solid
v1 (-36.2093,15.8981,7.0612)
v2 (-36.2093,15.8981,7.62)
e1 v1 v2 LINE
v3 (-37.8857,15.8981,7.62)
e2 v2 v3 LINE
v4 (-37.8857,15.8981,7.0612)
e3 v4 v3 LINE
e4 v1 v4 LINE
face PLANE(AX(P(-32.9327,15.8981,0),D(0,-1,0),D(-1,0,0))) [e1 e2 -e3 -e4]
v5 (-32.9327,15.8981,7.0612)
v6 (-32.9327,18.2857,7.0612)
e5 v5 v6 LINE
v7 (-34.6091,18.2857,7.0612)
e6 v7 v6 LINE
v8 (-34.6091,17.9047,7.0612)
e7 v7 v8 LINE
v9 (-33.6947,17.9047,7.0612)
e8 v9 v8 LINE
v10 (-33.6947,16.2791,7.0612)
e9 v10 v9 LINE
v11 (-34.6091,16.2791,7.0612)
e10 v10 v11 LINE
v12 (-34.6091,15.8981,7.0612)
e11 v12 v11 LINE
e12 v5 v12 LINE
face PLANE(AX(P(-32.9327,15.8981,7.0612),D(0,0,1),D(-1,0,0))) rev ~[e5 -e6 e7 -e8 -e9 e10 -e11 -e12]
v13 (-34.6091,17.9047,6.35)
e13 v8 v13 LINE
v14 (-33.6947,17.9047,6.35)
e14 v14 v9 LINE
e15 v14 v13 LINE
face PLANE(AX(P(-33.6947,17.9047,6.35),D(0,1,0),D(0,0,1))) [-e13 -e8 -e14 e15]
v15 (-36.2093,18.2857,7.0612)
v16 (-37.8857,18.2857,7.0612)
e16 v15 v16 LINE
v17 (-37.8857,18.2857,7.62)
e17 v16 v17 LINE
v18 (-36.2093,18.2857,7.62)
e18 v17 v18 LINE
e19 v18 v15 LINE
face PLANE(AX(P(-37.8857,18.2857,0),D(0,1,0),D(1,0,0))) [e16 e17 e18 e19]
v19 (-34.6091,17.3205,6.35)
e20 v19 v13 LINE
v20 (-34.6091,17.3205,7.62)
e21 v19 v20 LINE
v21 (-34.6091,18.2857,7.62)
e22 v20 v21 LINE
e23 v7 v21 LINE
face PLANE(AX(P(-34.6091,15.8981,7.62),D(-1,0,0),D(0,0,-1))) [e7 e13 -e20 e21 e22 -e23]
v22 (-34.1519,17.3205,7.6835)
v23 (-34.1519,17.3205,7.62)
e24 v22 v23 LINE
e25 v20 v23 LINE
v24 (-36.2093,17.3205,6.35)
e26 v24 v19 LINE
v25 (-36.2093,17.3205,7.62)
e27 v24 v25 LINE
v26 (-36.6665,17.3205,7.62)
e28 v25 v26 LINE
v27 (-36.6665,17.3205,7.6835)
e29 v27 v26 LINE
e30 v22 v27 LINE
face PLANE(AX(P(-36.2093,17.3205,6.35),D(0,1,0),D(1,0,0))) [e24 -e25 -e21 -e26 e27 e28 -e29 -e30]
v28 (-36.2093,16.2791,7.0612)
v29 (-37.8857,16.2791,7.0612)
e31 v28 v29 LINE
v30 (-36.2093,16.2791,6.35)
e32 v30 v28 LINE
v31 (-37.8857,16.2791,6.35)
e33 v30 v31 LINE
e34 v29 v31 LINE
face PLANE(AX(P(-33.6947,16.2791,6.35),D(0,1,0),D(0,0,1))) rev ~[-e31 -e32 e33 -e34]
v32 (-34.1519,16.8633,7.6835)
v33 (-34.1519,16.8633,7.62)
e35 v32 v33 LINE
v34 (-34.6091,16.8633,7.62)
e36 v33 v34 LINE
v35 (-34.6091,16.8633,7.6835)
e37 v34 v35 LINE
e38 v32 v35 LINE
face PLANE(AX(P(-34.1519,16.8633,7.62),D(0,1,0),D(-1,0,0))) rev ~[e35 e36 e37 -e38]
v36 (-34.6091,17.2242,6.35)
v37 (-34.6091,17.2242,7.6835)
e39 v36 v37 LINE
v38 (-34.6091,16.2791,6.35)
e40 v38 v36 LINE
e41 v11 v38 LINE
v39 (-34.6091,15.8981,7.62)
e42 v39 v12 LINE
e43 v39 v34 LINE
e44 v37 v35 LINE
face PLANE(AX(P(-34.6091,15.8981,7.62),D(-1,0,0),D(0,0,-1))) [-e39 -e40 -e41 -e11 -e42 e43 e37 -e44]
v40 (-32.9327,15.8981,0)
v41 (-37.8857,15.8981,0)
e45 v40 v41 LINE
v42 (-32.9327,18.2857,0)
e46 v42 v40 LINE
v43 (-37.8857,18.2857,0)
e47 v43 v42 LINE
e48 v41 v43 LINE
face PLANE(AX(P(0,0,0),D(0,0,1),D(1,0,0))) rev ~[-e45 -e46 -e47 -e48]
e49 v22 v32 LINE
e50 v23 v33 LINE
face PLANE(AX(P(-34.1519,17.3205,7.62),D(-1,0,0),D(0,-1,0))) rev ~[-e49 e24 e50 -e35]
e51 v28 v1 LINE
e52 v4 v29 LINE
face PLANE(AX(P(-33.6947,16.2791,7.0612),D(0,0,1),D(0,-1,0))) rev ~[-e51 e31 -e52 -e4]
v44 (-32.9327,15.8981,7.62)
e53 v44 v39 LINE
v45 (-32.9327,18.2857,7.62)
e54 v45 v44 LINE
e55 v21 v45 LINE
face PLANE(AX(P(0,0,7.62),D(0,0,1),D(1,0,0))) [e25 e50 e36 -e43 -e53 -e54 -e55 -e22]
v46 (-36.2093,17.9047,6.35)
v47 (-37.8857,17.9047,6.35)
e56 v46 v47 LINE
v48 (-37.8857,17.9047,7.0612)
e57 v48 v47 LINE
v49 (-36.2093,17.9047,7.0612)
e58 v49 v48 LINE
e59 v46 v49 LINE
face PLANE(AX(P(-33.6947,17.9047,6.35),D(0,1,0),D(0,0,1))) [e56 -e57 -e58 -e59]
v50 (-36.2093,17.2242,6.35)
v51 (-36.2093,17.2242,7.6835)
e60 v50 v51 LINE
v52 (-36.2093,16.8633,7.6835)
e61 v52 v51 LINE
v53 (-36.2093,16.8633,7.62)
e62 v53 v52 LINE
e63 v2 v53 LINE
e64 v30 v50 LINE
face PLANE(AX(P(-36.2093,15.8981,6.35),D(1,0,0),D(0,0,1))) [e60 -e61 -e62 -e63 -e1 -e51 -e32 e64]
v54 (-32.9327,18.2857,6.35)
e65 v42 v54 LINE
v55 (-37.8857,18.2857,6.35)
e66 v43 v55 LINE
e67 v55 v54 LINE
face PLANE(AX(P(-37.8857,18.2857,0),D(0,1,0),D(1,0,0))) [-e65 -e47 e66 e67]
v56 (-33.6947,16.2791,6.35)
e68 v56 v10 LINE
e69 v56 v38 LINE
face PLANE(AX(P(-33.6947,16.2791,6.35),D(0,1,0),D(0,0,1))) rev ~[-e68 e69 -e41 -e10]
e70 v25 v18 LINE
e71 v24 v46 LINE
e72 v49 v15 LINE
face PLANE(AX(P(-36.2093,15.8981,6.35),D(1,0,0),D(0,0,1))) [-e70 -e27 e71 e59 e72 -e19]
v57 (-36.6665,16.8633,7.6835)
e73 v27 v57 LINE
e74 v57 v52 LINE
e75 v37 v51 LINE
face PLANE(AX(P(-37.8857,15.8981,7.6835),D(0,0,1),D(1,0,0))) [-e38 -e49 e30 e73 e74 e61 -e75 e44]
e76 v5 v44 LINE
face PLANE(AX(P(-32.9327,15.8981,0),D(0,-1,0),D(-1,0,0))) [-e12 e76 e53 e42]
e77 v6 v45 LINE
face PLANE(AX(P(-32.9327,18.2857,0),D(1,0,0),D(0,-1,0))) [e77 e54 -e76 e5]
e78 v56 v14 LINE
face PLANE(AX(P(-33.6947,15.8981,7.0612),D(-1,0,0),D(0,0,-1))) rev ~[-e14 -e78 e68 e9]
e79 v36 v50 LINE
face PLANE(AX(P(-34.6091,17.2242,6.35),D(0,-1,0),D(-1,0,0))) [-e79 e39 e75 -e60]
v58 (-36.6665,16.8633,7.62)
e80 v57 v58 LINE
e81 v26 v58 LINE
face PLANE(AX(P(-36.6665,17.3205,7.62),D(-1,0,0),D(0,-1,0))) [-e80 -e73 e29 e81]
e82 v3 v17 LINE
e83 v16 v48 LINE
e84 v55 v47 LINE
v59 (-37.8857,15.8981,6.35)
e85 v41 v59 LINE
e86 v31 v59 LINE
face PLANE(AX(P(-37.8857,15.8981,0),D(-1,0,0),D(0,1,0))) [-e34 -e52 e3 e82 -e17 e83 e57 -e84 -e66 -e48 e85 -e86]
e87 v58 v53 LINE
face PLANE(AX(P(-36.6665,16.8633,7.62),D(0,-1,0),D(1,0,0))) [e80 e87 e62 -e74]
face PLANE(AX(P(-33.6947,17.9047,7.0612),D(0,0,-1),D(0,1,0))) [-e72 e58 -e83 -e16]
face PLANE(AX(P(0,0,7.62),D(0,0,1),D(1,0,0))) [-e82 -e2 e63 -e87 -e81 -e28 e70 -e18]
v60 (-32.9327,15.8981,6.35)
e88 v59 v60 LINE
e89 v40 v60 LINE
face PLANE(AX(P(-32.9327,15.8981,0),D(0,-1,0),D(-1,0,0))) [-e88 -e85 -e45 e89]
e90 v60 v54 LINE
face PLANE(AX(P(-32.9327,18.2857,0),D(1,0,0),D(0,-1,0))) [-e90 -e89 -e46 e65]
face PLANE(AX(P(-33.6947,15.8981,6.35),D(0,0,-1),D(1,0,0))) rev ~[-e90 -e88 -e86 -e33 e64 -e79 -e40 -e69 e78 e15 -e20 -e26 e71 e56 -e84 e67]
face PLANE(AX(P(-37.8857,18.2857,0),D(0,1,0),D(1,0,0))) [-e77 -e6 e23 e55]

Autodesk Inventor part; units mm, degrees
ref_plane "YZ Plane" through (0, 0, 0) normal (1, 0, 0) x (0, 1, 0)
ref_plane "XZ Plane" through (0, 0, 0) normal (0, 1, 0) x (-1, 0, 0)
ref_plane "XY Plane" through (0, 0, 0) normal (0, 0, 1) x (1, 0, 0)
sketch "Sketch1" plane through (0, 0, 0) normal (0, 0, 1) x (1, 0, 0)
  line L0 (-37.8857, 18.2857) -> (-32.9327, 18.2857)
  line L1 (-32.9327, 18.2857) -> (-32.9327, 15.8981)
  line L2 (-32.9327, 15.8981) -> (-37.8857, 15.8981)
  line L3 (-37.8857, 15.8981) -> (-37.8857, 18.2857)
  dimension "d0" = 4.953
  dimension "d1" = 2.3876
extrude "Extrusion1" add sketch "Sketch1" along normal blind 7.62
sketch "Sketch2" plane through (-37.8857, 15.8981, 0) normal (0, -1, 0) x (1, 0, 0)
  line L0 (4.953, 7.62) -> (0, 7.62) projected
  line L1 (1.6764, 7.62) -> (3.2766, 7.62)
  line L2 (3.2766, 7.62) -> (3.2766, 6.35)
  line L3 (3.2766, 6.35) -> (1.6764, 6.35)
  line L4 (1.6764, 6.35) -> (1.6764, 7.62)
  line L5 (0, 0) -> (0, 7.62) projected
  line L6 (4.953, 0) -> (4.953, 7.62) projected
  line L7 (4.953, 7.0612) -> (4.191, 7.0612)
  line L8 (4.191, 7.0612) -> (4.191, 6.35)
  line L9 (4.191, 6.35) -> (4.953, 6.35)
  line L10 (4.953, 6.35) -> (4.953, 7.0612)
  line L11 (0, 12.9286) -> (0.762, 12.9286)
  line L12 (0.762, 12.9286) -> (0.762, 12.2174)
  line L13 (0.762, 12.2174) -> (0, 12.2174)
  line L14 (0, 12.2174) -> (0, 12.9286)
  dimension "d4" = 1.6764
  dimension "d5" = 1.6764
  dimension "d6" = 1.27
  dimension "d9" = 0.5588
  dimension "d12" = 0
  dimension "d13" = 0.762
  dimension "d14" = 0.762
extrude "Extrusion2" cut sketch "Sketch2" against normal blind 13.4874
sketch "Sketch3" plane through (-33.6947, 15.8981, 7.0612) normal (1, 0, 0) x (0, 0, -1)
  line L0 (0, 2.3876) -> (0.7112, 2.3876) projected
  line L1 (0.7112, 0) -> (0, 0) projected
  line L2 (0.7112, 0) -> (0.7112, 2.3876) projected
  line L3 (0, 2.3876) -> (0.7112, 2.3876)
  line L4 (0.7112, 2.3876) -> (0.7112, 2.0066)
  line L5 (0.7112, 2.0066) -> (0, 2.0066)
  line L6 (0, 2.0066) -> (0, 2.3876)
  line L7 (0, 0) -> (0.7112, 0)
  line L8 (0.7112, 0) -> (0.7112, 0.381)
  line L9 (0.7112, 0.381) -> (0, 0.381)
  line L10 (0, 0.381) -> (0, 0)
  dimension "d15" = 0.381
  dimension "d16" = 0.381
extrude "Extrusion3" cut sketch "Sketch3" against normal blind 13.4874
sketch "Sketch4" plane through (0, 0, 7.62) normal (0, 0, 1) x (1, 0, 0)
  line L0 (-36.2093, 15.8981) -> (-36.2093, 18.2857) projected
  line L1 (-37.8857, 18.2857) -> (-36.2093, 18.2857) projected
  line L2 (-36.2093, 15.8981) -> (-37.8857, 15.8981) projected
  line L3 (-36.2093, 17.3205) -> (-36.6665, 17.3205)
  line L4 (-36.6665, 17.3205) -> (-36.6665, 16.8633)
  line L5 (-36.6665, 16.8633) -> (-36.2093, 16.8633)
  line L6 (-36.2093, 16.8633) -> (-36.2093, 17.3205)
  line L7 (-34.6091, 18.2857) -> (-34.6091, 15.8981) projected
  line L8 (-32.9327, 15.8981) -> (-34.6091, 15.8981) projected
  line L9 (-32.9327, 18.2857) -> (-32.9327, 15.8981) projected
  line L10 (-34.6091, 18.2857) -> (-32.9327, 18.2857) projected
  line L11 (-34.6091, 17.3205) -> (-34.1519, 17.3205)
  line L12 (-34.1519, 17.3205) -> (-34.1519, 16.8633)
  line L13 (-34.1519, 16.8633) -> (-34.6091, 16.8633)
  line L14 (-34.6091, 16.8633) -> (-34.6091, 17.3205)
  dimension "d19" = 0.4572
  dimension "d20" = 0.4572
  dimension "d21" = 0.4572
  dimension "d22" = 0.4572
  dimension "d23" = 0.9652
  dimension "d24" = 0.9652
  dimension "d25" = 0.9652
extrude "Extrusion4" add sketch "Sketch4" against normal mid plane 0.127 contours L5 L4 L3 L0 | L11 L12 L13 L7
sketch "Sketch5" plane through (-37.8857, 15.8981, 6.35) normal (0, 0, 1) x (1, 0, 0)
  line L0 (3.2766, 0.381) -> (3.2766, 2.0066) projected
  line L1 (1.6764, 1.4224) -> (1.6764, 0.9652) projected
  line L2 (1.2192, 1.4224) -> (1.6764, 1.4224) projected
  line L3 (1.2192, 0.9652) -> (1.2192, 1.4224) projected
  line L4 (1.6764, 0.9652) -> (1.2192, 0.9652) projected
  line L5 (3.2766, 1.4224) -> (3.7338, 1.4224) projected
  line L6 (3.2766, 0.9652) -> (3.2766, 1.4224) projected
  line L7 (3.7338, 0.9652) -> (3.2766, 0.9652) projected
  line L8 (3.7338, 1.4224) -> (3.7338, 0.9652) projected
  line L9 (1.6764, 1.4224) -> (3.2766, 1.4224)
  line L10 (3.2766, 1.4224) -> (3.2766, 1.3261)
  line L11 (3.2766, 1.3261) -> (1.6764, 1.3261)
  line L12 (1.6764, 1.3261) -> (1.6764, 1.4224)
extrude "Extrusion5" add sketch "Sketch5" along normal blind 1.3335 contours L11 L1 L9 L0
equation "\"d5\" = d4"
equation "\"d14\" = d13"
equation "\"d16\" = d15"
equation "\"d20\" = d19"
equation "\"d21\" = d20"
equation "\"d22\" = d21"
equation "\"d24\" = d23"
properties part number "2009_CTS_CopperPost2"
